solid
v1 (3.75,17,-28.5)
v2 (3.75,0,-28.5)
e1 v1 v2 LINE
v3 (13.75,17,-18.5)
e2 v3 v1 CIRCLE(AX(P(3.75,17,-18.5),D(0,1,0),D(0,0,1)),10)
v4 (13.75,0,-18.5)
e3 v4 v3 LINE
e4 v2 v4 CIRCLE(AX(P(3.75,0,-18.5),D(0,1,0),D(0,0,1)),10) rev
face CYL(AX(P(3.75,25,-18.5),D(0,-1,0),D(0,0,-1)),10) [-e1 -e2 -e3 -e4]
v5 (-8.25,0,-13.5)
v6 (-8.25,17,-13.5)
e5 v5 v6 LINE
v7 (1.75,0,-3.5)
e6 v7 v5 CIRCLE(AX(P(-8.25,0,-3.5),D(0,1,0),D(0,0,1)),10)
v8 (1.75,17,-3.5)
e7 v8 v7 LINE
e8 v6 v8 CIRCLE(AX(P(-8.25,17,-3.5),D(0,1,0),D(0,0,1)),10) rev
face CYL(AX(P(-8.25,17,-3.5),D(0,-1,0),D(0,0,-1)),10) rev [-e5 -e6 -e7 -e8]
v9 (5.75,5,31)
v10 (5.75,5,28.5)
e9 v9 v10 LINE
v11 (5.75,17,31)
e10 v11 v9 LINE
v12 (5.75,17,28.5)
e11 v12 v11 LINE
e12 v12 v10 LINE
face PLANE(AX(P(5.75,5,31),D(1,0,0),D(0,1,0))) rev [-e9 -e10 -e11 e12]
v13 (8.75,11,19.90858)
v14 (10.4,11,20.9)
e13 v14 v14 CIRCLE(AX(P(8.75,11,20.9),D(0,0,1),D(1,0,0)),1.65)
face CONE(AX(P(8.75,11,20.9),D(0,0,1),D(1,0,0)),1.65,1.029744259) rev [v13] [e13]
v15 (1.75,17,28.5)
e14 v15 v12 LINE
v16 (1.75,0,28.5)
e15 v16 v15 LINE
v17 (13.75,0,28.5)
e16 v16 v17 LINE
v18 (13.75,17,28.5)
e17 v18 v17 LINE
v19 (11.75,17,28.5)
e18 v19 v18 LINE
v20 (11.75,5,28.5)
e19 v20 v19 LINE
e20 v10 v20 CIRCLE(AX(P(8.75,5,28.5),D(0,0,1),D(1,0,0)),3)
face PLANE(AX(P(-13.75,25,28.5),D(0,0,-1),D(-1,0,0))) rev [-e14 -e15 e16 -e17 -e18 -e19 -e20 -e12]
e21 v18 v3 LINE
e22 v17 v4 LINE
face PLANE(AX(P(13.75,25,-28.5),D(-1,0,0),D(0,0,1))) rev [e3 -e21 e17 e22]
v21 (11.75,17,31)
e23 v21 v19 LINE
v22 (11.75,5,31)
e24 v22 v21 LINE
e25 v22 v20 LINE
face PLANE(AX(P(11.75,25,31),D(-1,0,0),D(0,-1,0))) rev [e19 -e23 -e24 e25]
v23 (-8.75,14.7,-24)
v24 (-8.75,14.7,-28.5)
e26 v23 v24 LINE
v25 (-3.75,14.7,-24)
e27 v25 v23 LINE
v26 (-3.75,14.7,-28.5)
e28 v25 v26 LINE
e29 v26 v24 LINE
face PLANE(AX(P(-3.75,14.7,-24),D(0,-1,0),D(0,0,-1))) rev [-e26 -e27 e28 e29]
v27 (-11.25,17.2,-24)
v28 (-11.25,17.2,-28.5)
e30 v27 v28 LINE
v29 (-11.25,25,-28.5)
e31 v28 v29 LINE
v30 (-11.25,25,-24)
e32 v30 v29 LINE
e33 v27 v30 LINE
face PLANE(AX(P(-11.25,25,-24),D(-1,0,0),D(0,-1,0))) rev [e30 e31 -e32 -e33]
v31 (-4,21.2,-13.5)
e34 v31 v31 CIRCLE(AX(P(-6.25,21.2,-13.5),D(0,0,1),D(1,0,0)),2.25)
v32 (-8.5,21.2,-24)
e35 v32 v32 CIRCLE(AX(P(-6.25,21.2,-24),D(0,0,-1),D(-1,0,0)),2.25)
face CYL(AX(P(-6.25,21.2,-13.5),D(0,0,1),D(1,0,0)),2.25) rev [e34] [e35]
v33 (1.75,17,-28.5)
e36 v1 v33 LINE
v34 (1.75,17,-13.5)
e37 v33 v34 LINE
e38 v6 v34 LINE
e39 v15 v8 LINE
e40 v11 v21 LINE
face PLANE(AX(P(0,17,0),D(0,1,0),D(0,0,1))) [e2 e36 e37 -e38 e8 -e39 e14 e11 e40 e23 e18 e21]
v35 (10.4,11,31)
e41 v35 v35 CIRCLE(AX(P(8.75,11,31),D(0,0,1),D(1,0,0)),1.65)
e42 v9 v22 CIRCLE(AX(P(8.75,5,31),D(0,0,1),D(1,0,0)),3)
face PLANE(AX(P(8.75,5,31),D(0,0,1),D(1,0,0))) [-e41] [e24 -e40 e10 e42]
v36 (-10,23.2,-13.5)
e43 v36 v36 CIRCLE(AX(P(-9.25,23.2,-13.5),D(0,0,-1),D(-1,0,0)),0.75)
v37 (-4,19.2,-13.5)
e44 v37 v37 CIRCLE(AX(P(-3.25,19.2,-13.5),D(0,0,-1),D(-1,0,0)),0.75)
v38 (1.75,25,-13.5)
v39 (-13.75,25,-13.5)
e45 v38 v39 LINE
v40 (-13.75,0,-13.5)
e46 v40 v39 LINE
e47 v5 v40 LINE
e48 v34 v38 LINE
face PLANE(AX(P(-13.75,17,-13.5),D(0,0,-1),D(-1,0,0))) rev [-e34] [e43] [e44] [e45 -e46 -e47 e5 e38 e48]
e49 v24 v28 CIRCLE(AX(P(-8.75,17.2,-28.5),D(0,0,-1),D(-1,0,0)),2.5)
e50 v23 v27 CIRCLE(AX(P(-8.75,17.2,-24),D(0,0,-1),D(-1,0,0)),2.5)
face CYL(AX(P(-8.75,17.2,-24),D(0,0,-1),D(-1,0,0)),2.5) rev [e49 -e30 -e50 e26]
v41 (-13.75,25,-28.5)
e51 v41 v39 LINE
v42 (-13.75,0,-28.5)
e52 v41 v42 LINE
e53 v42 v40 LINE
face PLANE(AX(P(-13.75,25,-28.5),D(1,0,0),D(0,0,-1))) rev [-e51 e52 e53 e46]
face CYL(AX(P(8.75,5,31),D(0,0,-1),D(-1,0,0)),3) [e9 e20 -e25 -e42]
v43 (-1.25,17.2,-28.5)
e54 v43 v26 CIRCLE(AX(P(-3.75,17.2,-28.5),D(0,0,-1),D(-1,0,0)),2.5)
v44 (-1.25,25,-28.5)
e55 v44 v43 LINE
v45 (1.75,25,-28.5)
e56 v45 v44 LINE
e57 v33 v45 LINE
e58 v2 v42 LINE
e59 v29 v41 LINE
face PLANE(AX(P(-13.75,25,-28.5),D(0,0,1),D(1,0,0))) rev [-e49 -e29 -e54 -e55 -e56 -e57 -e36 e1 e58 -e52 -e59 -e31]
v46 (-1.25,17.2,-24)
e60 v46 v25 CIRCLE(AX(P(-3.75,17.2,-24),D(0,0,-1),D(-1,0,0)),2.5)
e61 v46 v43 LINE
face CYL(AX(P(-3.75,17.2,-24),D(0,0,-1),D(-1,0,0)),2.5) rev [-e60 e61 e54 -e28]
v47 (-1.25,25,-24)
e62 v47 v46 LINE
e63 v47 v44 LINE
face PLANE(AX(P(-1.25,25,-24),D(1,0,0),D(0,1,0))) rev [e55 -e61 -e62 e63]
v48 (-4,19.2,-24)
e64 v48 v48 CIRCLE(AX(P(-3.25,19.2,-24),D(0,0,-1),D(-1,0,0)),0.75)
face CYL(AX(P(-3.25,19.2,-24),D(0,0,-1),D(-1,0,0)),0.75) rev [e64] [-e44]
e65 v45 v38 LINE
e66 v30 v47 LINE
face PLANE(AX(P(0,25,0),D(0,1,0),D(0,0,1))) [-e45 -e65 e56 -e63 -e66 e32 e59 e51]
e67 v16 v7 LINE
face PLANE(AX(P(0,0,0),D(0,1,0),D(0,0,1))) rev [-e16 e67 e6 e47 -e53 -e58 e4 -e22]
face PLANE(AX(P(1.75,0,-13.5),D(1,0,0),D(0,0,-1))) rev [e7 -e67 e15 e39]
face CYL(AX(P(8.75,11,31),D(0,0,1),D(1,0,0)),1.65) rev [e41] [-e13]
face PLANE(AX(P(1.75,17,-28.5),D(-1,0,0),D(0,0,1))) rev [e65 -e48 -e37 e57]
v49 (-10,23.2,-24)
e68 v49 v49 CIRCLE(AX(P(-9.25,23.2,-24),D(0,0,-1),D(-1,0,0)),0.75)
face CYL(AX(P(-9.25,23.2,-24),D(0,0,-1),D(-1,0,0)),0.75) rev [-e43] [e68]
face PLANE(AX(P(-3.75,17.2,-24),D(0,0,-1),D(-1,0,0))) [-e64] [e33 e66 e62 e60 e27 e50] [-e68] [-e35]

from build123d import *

# Parameters (mm, degrees)
SKETCH1_W                 = 27.5
SKETCH1_H                 = 57
BOSS_EXTRUDE1_DEPTH       = 25
BOSS_EXTRUDE2_DEPTH       = 2.5
CUT_EXTRUDE1_DEPTH        = 4.5
M4X0_7_TAPPED_HOLE1_D     = 3.3
M4X0_7_TAPPED_HOLE1_DEPTH = 10.1
M4X0_7_TAPPED_HOLE1_TIP   = 0.991420021
CUT_EXTRUDE2_DEPTH        = 8
M4_CLEARANCE_HOLE1_D      = 4.5
F_1_5MM_DOWEL_HOLE1_D     = 1.5
SKETCH11_W                = 15.5
SKETCH11_H                = 42
CUT_EXTRUDE3_DEPTH        = 38.934977264
FILLET1_R                 = 10


with BuildPart() as part:
    # Sketch1 → Boss-Extrude1 (new body)
    with BuildSketch(Plane(origin=(0, 0, 0), x_dir=(1, 0, 0), z_dir=(0, 1, 0))):
        Rectangle(SKETCH1_W, SKETCH1_H)
    extrude(amount=BOSS_EXTRUDE1_DEPTH)

    # Sketch2 → Boss-Extrude2 (add)
    with BuildSketch(Plane.XY.offset(28.5)):
        with BuildLine():
            Line((5.75, 5), (5.75, 25))
            Line((5.75, 25), (11.75, 25))
            Line((11.75, 25), (11.75, 5))
            ThreePointArc((11.75, 5), (8.75, 2), (5.75, 5))
        make_face()
    extrude(amount=BOSS_EXTRUDE2_DEPTH)

    # Sketch3 → Cut-Extrude1 (cut)
    with BuildSketch(Plane(origin=(0, 0, -28.5), x_dir=(-1, 0, 0), z_dir=(0, 0, -1))):
        with BuildLine():
            Line((1.25, 25), (11.25, 25))
            Line((11.25, 25), (11.25, 17.2))
            ThreePointArc((11.25, 17.2), (10.517766953, 15.432233047), (8.75, 14.7))
            Line((8.75, 14.7), (3.75, 14.7))
            ThreePointArc((3.75, 14.7), (1.982233047, 15.432233047), (1.25, 17.2))
            Line((1.25, 17.2), (1.25, 25))
        make_face()
    extrude(amount=-CUT_EXTRUDE1_DEPTH, mode=Mode.SUBTRACT)

    # M4x0.7 Tapped Hole1
    with Locations(Plane.XY.offset(31)):
        with Locations((8.75, 11)):
            Hole(M4X0_7_TAPPED_HOLE1_D / 2, depth=M4X0_7_TAPPED_HOLE1_DEPTH)
            with Locations((0, 0, -(M4X0_7_TAPPED_HOLE1_DEPTH + M4X0_7_TAPPED_HOLE1_TIP / 2))):  # 118° drill point
                Cone(0, M4X0_7_TAPPED_HOLE1_D / 2, M4X0_7_TAPPED_HOLE1_TIP, mode=Mode.SUBTRACT)

    # Sketch6 → Cut-Extrude2 (cut)
    with BuildSketch(Plane(origin=(0, 25, 0), x_dir=(1, 0, 0), z_dir=(0, 1, 0))):
        Polygon((-13.75, 13.5), (1.75, 13.5), (1.75, 28.5), (13.75, 28.5), (13.75, 0), (13.75, -28.5), (11.75, -28.5), (11.75, -31), (5.75, -31), (5.75, -28.5), (-13.75, -28.5), align=None)
    extrude(amount=-CUT_EXTRUDE2_DEPTH, mode=Mode.SUBTRACT)

    # M4 Clearance Hole1 (through all)
    with Locations(Plane.XY.offset(-13.5)):
        with Locations((-6.25, 21.2)):
            Hole(M4_CLEARANCE_HOLE1_D / 2)

    # Ø1.5mm Dowel Hole1 (through all)
    with Locations(Plane(origin=(0, 0, -24), x_dir=(-1, 0, 0), z_dir=(0, 0, -1))):
        with Locations((9.25, 23.2), (3.25, 19.2)):
            Hole(F_1_5MM_DOWEL_HOLE1_D / 2)

    # Sketch11 → Cut-Extrude3 (cut, through all)
    with BuildSketch(Plane(origin=(0, 17, 0), x_dir=(1, 0, 0), z_dir=(0, 1, 0))):
        with Locations((-6, -7.5)):
            Rectangle(SKETCH11_W, SKETCH11_H)
    extrude(amount=-CUT_EXTRUDE3_DEPTH, mode=Mode.SUBTRACT)

    # Fillet1
    fillet1_edges = [part.edges().sort_by_distance(p)[0] for p in [
        (1.75, 8.5, -13.5),
        (13.75, 8.5, -28.5),
    ]]
    fillet(fillet1_edges, radius=FILLET1_R)


solid = part.part
